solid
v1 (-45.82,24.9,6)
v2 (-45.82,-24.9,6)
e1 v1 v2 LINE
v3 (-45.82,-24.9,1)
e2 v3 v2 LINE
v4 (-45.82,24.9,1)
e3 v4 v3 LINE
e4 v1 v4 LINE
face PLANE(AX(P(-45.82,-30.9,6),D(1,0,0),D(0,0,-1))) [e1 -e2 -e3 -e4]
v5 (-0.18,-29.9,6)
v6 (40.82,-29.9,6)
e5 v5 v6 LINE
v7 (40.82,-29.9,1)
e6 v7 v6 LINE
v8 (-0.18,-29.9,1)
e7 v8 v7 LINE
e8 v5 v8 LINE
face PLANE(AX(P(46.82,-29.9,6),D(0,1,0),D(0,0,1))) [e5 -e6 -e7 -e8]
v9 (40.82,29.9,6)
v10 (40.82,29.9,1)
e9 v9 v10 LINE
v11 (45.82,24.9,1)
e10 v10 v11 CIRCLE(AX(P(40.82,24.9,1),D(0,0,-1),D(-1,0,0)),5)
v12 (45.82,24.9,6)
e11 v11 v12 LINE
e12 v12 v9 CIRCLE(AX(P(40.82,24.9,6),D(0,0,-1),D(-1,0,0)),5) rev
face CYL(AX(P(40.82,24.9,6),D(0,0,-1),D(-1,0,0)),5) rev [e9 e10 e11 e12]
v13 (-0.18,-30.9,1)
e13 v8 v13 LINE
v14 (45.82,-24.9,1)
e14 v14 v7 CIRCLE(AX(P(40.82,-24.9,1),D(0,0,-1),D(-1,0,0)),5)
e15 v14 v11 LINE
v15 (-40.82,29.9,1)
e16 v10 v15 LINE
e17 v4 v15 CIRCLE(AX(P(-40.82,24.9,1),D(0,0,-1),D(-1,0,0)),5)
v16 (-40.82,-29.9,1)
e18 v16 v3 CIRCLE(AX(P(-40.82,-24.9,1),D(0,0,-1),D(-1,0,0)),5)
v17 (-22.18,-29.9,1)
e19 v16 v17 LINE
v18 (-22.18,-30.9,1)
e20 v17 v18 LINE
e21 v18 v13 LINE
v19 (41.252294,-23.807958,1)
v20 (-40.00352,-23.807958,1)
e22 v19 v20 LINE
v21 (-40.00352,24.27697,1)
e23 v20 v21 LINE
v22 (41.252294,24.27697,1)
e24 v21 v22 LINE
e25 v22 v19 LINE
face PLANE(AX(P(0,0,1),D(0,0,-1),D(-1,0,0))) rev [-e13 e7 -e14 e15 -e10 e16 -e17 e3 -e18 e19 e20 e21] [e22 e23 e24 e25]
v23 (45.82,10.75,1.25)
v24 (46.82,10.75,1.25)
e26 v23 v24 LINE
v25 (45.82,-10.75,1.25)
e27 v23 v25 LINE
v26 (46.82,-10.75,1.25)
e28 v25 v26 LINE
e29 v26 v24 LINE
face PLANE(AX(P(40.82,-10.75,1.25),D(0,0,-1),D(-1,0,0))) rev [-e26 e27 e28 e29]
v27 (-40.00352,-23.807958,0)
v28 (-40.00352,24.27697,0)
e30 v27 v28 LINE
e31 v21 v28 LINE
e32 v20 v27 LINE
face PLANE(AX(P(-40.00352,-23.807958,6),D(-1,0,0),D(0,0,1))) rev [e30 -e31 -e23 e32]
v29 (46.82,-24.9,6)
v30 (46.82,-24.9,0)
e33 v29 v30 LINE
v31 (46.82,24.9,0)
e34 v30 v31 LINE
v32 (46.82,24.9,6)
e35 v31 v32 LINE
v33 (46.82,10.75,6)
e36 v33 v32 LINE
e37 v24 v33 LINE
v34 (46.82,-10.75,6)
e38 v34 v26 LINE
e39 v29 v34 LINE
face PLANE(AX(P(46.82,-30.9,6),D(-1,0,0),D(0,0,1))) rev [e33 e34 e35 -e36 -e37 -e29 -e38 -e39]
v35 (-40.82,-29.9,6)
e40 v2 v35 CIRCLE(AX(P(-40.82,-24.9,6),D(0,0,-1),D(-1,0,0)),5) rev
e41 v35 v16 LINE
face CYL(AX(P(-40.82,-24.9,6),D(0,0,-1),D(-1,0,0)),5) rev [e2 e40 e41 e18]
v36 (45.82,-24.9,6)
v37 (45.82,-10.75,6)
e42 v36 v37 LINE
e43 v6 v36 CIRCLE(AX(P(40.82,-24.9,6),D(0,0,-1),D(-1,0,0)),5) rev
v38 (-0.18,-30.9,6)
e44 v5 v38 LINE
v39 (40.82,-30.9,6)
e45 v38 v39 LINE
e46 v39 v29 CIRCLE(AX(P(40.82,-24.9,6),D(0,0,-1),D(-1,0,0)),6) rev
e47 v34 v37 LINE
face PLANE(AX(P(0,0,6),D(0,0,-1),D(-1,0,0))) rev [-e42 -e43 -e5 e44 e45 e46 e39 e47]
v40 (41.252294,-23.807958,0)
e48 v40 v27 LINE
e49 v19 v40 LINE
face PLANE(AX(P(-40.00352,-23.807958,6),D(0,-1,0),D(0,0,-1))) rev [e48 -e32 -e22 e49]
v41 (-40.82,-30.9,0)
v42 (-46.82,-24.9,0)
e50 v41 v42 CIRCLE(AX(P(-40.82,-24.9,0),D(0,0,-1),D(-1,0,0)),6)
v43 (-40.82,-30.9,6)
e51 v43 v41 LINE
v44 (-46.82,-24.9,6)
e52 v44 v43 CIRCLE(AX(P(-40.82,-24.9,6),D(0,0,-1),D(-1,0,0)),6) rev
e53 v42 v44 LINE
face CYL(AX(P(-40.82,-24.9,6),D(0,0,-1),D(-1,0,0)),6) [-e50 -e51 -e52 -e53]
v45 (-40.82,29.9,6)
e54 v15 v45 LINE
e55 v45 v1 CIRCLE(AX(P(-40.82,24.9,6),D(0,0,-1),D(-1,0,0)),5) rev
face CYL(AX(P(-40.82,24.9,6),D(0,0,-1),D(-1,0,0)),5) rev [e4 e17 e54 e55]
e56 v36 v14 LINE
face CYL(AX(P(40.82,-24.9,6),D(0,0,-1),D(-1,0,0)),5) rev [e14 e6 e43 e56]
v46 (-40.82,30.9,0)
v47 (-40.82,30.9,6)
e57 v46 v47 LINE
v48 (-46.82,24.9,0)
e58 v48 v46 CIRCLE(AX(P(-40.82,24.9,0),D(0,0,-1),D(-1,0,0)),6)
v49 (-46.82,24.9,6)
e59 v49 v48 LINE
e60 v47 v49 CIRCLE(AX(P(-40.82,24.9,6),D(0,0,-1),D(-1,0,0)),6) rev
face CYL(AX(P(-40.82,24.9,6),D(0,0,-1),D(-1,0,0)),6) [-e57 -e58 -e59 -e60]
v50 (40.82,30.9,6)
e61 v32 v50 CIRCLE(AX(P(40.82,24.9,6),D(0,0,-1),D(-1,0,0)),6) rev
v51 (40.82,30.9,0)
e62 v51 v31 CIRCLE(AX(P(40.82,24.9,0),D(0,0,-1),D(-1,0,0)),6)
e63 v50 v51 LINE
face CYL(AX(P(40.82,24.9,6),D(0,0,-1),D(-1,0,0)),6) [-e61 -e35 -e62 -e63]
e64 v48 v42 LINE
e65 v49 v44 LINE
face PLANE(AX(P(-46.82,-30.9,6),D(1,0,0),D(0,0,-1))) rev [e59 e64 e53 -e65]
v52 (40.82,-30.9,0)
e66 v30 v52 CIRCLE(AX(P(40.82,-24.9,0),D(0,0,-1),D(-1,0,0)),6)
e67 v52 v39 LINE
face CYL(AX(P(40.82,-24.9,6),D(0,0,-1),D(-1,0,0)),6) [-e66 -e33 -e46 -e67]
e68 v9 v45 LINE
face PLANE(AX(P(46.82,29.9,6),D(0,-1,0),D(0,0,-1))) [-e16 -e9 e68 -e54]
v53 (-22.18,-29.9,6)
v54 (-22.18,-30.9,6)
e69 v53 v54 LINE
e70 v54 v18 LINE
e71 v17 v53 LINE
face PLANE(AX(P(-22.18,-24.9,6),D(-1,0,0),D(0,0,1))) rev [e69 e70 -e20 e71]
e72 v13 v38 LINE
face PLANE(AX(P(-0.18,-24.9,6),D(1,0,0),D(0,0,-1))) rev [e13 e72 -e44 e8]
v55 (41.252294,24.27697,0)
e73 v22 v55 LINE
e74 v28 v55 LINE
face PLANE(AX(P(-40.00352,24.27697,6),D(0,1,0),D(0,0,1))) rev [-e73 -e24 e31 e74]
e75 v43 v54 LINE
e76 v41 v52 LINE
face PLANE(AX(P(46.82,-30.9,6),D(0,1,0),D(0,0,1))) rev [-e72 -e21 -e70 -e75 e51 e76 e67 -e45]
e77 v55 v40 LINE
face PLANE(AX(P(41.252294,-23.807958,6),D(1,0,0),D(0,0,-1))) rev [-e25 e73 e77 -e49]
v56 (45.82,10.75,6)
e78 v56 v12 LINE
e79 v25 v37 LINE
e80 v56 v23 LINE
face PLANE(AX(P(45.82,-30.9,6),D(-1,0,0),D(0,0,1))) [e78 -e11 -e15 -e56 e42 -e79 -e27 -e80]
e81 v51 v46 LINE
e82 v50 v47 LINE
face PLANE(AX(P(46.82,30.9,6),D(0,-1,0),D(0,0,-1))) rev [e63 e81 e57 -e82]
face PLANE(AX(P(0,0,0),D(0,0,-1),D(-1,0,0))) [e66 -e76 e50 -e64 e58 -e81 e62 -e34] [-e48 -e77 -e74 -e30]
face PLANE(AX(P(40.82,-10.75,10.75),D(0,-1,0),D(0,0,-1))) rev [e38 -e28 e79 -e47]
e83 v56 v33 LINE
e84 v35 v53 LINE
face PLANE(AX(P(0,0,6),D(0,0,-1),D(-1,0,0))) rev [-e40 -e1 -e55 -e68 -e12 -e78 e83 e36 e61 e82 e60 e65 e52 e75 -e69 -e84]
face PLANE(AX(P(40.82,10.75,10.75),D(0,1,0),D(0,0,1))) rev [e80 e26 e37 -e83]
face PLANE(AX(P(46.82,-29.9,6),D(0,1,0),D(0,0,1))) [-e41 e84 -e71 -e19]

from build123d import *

# Parameters (mm, degrees)
SKIZZE1_W                       = 61.8
SKIZZE1_H                       = 93.64
AUFSATZ_LINEAR_AUSTRAGEN1_DEPTH = 6
VERRUNDUNG1_R                   = 6
WANDUNG1_T                      = -1
SKIZZE2_W                       = 21.5
SKIZZE2_H                       = 9.5
SCHNITT_LINEAR_AUSTRAGEN1_DEPTH = 6
SKIZZE3_W                       = 22
SKIZZE3_H                       = 5
SCHNITT_LINEAR_AUSTRAGEN2_DEPTH = 6
SKIZZE4_W                       = 81.255814336
SKIZZE4_H                       = 48.084928105
SCHNITT_LINEAR_AUSTRAGEN3_DEPTH = 6


with BuildPart() as part:
    # Skizze1 → Aufsatz-Linear austragen1 (new body)
    with BuildSketch(Plane(origin=(0, 0, 0), x_dir=(0, 1, 0), z_dir=(0, 0, 1))):
        Rectangle(SKIZZE1_W, SKIZZE1_H)
    extrude(amount=AUFSATZ_LINEAR_AUSTRAGEN1_DEPTH)

    # Verrundung1
    verrundung1_edges = [part.edges().sort_by_distance(p)[0] for p in [
        (46.82, 30.9, 3),
        (46.82, -30.9, 3),
        (-46.82, -30.9, 3),
        (-46.82, 30.9, 3),
    ]]
    fillet(verrundung1_edges, radius=VERRUNDUNG1_R)

    # Wandung1
    wandung1_openings = [part.faces().sort_by_distance(p)[0] for p in [
        (0, 0, 6),
    ]]
    offset(amount=WANDUNG1_T, openings=wandung1_openings, kind=Kind.INTERSECTION)

    # Skizze2 → Schnitt-Linear austragen1 (cut)
    with BuildSketch(Plane.YZ.offset(46.82)):
        with Locations((0, 6)):
            Rectangle(SKIZZE2_W, SKIZZE2_H)
    extrude(amount=-SCHNITT_LINEAR_AUSTRAGEN1_DEPTH, mode=Mode.SUBTRACT)

    # Skizze3 → Schnitt-Linear austragen2 (cut)
    with BuildSketch(Plane.XZ.offset(30.9)):
        with Locations((-11.18, 3.5)):
            Rectangle(SKIZZE3_W, SKIZZE3_H)
    extrude(amount=-SCHNITT_LINEAR_AUSTRAGEN2_DEPTH, mode=Mode.SUBTRACT)

    # Skizze4 → Schnitt-Linear austragen3 (cut)
    with BuildSketch(Plane(origin=(0, 0, 0), x_dir=(1, 0, 0), z_dir=(0, 0, -1))):
        with Locations((0.624387115, -0.234506354)):
            Rectangle(SKIZZE4_W, SKIZZE4_H)
    extrude(amount=-SCHNITT_LINEAR_AUSTRAGEN3_DEPTH, mode=Mode.SUBTRACT)


solid = part.part
